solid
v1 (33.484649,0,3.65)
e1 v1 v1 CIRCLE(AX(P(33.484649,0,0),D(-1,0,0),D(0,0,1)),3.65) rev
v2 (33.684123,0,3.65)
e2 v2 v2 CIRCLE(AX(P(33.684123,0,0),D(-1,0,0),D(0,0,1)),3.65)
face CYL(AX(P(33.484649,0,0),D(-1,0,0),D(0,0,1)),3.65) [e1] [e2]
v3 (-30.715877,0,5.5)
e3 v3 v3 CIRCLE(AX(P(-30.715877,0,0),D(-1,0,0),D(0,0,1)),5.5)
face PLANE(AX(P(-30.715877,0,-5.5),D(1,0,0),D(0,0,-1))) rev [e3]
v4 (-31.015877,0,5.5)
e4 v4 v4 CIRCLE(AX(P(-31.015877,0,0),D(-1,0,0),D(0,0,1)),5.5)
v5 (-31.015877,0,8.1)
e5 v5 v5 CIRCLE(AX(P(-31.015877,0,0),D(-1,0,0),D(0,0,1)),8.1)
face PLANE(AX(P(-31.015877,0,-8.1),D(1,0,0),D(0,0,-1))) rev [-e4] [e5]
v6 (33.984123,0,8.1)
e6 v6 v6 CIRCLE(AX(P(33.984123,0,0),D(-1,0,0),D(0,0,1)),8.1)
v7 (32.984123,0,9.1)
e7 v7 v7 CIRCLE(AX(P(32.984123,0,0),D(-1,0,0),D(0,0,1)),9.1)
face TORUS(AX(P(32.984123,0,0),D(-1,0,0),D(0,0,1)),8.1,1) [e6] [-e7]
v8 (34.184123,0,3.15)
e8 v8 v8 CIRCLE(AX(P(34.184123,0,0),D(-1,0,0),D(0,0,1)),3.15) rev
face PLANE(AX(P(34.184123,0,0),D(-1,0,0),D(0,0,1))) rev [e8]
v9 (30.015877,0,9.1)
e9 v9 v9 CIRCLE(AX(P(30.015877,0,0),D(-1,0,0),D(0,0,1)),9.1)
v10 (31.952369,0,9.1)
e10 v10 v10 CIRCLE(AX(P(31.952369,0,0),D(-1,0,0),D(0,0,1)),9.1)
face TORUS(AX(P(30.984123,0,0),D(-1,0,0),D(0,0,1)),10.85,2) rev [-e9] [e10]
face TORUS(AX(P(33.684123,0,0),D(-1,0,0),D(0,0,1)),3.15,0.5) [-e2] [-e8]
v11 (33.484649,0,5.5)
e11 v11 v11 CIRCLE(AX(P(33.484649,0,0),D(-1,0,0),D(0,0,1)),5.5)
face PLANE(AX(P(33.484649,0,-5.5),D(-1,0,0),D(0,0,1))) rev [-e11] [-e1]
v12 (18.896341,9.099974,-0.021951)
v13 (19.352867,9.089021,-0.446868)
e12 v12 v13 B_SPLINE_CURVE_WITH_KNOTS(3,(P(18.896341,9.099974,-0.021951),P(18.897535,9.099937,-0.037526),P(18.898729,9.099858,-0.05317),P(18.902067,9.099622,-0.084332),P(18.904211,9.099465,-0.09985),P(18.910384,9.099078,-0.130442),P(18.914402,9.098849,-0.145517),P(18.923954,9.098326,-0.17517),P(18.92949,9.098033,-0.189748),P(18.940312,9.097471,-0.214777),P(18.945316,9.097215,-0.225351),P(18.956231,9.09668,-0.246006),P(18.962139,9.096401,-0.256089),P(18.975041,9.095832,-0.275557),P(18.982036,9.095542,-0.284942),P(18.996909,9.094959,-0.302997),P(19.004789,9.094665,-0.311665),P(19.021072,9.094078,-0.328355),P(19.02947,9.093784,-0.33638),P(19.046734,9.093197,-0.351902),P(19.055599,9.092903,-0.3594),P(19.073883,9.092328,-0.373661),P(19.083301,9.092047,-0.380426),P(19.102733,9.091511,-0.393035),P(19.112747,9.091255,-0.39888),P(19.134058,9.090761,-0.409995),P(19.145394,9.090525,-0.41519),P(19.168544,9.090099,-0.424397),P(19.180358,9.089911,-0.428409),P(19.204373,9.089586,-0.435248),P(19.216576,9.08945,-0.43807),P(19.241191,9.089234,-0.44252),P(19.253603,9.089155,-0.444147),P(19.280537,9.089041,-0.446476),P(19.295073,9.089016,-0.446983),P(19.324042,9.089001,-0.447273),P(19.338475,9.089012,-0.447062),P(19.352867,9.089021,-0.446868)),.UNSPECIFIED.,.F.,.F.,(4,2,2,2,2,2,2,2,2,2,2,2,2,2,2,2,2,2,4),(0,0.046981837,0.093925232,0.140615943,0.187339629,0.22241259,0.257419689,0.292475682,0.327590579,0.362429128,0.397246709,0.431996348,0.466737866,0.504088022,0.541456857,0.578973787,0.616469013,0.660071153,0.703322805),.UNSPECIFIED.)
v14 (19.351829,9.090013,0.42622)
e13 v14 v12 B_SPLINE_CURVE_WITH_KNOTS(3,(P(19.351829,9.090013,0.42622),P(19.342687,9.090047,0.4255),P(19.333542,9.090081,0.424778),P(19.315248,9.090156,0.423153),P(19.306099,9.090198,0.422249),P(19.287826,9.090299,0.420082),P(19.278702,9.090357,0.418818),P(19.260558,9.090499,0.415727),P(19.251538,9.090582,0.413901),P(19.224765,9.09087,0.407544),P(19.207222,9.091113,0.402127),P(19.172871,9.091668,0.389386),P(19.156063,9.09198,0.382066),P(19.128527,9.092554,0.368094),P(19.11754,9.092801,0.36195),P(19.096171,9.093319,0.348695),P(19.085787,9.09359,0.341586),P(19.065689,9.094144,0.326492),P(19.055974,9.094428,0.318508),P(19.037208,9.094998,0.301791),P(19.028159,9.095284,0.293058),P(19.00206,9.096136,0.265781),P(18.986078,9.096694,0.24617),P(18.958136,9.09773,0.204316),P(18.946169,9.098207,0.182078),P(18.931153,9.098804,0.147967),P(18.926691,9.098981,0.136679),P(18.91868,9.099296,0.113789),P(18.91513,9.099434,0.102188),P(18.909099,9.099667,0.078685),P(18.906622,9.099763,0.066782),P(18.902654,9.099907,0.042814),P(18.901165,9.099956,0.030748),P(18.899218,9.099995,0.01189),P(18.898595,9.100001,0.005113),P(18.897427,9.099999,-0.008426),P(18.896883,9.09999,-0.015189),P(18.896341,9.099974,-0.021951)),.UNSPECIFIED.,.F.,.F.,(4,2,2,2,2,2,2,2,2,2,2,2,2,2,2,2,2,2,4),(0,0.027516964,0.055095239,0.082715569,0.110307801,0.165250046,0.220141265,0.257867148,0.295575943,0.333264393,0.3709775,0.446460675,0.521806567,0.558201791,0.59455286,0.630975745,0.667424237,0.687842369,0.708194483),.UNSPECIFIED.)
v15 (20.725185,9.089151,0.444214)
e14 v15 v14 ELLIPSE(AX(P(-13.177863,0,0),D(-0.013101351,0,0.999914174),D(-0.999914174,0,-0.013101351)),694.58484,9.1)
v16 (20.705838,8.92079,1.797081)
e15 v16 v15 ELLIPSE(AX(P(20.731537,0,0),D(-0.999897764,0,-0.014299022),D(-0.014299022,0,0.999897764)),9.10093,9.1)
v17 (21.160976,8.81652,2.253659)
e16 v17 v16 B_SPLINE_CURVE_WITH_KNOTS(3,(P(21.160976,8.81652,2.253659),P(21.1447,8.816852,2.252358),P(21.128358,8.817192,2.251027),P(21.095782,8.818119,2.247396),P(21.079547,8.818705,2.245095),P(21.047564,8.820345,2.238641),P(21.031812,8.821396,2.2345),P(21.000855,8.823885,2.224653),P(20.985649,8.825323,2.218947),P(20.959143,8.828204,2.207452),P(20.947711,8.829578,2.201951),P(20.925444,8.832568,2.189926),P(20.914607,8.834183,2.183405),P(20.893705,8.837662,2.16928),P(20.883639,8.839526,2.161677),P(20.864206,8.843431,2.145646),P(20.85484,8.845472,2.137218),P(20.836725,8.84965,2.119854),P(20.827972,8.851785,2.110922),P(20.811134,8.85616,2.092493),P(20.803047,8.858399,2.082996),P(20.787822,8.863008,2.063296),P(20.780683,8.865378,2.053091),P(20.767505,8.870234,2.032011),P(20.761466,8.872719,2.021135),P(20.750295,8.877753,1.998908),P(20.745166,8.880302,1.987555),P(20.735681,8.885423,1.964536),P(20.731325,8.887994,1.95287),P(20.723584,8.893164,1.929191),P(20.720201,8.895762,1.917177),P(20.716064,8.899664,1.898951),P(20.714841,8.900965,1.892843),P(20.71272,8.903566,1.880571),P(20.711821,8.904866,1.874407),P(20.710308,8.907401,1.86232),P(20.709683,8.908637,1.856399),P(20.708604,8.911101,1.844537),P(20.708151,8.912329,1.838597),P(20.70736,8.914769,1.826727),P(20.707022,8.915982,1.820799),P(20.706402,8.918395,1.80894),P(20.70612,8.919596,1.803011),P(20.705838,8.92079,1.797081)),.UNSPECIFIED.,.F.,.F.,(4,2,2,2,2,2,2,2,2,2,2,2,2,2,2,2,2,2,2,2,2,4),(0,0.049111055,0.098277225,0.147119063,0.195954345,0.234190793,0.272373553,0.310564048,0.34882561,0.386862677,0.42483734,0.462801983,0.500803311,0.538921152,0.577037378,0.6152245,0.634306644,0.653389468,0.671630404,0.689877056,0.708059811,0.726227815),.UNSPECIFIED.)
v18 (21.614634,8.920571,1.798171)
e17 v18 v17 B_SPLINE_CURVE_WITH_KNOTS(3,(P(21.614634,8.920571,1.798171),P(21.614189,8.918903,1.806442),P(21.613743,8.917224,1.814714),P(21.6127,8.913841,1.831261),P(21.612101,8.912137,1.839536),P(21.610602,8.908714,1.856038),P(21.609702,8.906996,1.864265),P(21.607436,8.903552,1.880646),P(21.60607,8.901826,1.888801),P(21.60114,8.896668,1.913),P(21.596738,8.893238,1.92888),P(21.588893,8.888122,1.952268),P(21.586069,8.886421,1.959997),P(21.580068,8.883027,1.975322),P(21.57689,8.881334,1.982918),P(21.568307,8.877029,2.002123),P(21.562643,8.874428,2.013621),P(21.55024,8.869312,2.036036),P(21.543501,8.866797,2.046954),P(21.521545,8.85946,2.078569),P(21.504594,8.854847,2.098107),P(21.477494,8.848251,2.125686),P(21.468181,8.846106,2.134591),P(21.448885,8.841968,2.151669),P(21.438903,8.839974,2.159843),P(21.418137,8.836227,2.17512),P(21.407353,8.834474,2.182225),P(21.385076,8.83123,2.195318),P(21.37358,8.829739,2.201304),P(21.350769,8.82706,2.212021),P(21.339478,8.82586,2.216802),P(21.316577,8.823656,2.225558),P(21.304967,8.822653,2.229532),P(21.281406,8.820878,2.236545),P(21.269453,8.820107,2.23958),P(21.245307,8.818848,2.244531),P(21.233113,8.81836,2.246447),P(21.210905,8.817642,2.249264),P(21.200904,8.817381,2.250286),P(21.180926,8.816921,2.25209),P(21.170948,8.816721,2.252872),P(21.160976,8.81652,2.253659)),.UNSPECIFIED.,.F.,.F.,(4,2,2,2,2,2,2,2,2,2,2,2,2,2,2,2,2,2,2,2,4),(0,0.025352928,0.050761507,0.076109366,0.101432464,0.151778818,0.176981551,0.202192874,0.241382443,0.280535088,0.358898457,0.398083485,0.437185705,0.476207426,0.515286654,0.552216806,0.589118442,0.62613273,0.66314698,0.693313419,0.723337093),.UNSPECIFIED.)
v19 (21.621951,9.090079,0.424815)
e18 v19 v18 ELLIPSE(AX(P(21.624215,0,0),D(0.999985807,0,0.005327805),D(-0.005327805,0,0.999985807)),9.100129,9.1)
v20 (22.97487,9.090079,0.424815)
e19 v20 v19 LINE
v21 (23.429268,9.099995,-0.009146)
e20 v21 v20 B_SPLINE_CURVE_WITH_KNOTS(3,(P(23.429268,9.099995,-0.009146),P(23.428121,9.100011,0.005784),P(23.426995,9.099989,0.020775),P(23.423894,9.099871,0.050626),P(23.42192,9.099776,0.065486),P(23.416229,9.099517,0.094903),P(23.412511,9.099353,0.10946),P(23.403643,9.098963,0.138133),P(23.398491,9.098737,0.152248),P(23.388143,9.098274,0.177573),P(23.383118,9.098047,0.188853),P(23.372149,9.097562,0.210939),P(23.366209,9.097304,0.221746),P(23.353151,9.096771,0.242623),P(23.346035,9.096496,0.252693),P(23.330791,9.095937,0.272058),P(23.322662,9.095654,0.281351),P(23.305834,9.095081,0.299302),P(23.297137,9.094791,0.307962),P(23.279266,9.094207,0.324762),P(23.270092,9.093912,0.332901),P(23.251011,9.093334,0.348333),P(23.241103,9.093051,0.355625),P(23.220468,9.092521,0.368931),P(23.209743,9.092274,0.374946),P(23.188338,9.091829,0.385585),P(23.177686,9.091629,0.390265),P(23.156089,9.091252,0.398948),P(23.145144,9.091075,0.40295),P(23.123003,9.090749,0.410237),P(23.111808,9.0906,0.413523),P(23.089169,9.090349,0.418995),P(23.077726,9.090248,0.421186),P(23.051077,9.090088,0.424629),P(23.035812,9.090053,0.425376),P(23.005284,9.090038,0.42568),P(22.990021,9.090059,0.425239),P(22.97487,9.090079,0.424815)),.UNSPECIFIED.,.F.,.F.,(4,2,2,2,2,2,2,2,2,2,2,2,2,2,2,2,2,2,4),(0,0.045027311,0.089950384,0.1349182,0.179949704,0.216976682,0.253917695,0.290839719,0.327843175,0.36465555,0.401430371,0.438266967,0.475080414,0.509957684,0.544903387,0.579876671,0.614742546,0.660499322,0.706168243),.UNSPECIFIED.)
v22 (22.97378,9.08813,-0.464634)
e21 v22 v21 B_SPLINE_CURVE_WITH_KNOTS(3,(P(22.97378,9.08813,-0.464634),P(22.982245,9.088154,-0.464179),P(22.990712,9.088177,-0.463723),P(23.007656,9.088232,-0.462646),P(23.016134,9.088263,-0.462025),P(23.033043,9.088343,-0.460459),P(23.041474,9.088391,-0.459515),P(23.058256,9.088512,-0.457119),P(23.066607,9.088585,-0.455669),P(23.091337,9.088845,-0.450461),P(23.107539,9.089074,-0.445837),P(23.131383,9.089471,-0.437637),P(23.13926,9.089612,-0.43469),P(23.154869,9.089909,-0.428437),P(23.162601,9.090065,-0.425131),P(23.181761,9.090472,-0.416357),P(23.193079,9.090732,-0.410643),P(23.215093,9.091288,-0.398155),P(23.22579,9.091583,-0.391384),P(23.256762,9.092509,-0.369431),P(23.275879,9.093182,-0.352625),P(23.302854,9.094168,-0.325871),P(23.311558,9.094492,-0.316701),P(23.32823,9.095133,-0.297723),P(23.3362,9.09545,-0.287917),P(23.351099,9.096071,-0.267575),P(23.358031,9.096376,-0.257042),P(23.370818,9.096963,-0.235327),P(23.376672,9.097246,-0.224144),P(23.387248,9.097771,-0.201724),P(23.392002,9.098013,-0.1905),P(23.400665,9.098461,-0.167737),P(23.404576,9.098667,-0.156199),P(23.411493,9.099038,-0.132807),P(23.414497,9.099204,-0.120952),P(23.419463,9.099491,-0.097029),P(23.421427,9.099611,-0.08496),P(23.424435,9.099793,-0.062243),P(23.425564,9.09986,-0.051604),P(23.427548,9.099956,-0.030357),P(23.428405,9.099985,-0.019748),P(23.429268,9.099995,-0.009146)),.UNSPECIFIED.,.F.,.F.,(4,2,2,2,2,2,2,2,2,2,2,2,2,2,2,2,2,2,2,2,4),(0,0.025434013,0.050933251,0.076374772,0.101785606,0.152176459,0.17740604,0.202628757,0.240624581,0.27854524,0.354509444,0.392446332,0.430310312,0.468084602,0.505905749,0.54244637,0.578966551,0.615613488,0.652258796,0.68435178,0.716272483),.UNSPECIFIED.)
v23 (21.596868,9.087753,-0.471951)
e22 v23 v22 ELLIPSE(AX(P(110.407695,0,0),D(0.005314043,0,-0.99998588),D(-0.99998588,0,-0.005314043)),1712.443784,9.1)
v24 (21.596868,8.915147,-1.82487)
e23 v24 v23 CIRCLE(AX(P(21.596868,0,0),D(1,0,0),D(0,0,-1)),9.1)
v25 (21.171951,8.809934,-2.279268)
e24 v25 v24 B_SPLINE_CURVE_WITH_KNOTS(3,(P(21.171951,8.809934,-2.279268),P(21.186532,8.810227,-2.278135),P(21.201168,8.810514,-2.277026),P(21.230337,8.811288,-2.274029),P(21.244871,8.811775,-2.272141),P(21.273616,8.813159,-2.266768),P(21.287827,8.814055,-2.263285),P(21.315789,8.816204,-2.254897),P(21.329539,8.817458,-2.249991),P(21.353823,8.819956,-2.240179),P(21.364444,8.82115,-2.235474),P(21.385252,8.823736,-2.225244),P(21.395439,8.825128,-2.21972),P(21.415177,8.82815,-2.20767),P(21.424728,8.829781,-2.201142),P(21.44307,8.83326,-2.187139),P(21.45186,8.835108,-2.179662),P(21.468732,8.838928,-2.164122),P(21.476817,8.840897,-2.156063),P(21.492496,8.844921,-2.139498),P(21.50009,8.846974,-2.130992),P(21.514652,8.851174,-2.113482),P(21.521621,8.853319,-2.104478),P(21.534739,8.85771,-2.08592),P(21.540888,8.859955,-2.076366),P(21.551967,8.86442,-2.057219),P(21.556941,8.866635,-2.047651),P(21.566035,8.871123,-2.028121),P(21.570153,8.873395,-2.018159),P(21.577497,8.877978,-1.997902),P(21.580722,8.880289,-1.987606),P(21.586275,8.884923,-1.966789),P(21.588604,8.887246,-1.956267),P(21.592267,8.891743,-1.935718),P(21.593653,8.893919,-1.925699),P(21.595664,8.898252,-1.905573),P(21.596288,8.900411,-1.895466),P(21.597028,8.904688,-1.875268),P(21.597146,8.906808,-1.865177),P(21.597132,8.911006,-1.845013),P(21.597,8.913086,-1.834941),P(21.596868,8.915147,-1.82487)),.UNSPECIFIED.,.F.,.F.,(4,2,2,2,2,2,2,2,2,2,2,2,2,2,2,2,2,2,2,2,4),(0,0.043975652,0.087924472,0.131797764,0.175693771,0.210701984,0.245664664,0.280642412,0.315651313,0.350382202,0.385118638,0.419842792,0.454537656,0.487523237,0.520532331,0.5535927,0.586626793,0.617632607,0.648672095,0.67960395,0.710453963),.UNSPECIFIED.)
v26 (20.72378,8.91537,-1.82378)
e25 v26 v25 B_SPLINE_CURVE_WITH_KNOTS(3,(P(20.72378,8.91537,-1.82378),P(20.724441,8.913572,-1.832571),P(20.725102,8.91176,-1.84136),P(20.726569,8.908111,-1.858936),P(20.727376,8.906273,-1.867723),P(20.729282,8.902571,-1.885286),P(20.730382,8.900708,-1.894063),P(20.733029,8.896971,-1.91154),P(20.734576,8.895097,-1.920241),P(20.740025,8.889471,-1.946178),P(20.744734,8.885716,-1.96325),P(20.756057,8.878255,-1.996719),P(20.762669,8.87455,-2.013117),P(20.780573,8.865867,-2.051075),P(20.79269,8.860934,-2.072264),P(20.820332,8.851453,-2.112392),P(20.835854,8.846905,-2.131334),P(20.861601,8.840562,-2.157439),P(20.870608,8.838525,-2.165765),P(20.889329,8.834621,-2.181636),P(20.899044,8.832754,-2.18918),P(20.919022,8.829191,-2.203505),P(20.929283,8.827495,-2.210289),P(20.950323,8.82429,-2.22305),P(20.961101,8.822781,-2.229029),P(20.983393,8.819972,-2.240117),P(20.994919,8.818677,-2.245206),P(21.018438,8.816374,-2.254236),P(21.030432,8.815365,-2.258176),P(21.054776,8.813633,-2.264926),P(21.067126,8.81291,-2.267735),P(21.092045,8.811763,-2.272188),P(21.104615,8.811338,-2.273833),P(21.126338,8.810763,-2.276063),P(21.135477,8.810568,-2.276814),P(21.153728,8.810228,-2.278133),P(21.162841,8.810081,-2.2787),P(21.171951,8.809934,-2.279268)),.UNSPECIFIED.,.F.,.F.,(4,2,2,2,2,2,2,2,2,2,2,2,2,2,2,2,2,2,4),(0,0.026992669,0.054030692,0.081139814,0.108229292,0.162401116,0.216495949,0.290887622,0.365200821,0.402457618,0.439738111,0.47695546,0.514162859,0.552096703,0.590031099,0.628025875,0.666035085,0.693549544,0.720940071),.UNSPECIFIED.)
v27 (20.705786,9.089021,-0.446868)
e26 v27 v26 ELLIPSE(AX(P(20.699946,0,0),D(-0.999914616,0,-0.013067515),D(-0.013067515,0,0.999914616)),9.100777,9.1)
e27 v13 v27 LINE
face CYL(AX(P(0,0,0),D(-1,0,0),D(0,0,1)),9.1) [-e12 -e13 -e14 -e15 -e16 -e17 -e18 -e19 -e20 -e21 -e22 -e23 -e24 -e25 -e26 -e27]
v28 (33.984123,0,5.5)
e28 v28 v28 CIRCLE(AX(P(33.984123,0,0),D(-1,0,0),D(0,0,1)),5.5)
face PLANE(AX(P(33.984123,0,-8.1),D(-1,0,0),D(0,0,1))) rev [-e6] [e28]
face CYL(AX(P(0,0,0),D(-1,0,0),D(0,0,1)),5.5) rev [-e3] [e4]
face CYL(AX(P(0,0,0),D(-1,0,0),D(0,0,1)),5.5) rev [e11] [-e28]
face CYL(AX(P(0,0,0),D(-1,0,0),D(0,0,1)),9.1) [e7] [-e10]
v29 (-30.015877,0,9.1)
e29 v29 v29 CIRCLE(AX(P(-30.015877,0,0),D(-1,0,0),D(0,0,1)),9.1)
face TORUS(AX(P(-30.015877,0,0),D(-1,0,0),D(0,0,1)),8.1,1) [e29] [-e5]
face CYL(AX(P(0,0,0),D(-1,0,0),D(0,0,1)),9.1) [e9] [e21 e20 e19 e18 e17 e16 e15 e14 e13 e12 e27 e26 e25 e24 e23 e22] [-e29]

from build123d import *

# Parameters (mm, degrees)
SKETCH2_W = 0.699473795
SKETCH2_H = 3.65
FILLET1_R = 0.5


with BuildPart() as part:
    # Sketch1 → mainBody (revolve)
    with BuildSketch(Plane(origin=(0, 0, 0), x_dir=(1, 0, 0), z_dir=(0, 1, 0))):
        with BuildLine():
            Line((-30.015877082, 9.1), (30.015877082, 9.1))
            ThreePointArc((30.015877082, 9.1), (30.984122918, 8.85), (31.952368755, 9.1))
            Line((31.952368755, 9.1), (32.984122918, 9.1))
            ThreePointArc((32.984122918, 9.1), (33.691229699, 8.807106781), (33.984122918, 8.1))
            Line((33.984122918, 8.1), (33.984122918, 5.5))
            Line((33.984122918, 5.5), (33.484649123, 5.5))
            Line((33.484649123, 5.5), (33.484649123, 0))
            Line((33.484649123, 0), (-30.715877082, 0))
            Line((-30.715877082, 0), (-30.715877082, 5.5))
            Line((-30.715877082, 5.5), (-31.015877082, 5.5))
            Line((-31.015877082, 5.5), (-31.015877082, 8.1))
            ThreePointArc((-31.015877082, 8.1), (-30.722983863, 8.807106781), (-30.015877082, 9.1))
        make_face()
    revolve(axis=Axis((0, 0, 0), (1, 0, 0)))

    # Sketch2 → Revolve2 (revolve)
    with BuildSketch(Plane(origin=(0, 0, 0), x_dir=(1, 0, 0), z_dir=(0, 1, 0))):
        with Locations((33.834386021, 1.825)):
            Rectangle(SKETCH2_W, SKETCH2_H)
    revolve(axis=Axis((33.484649123, 0, 0), (1, 0, 0)))

    # Fillet1
    fillet1_edges = [part.edges().sort_by_distance(p)[0] for p in [
        (34.184122918, 0, 3.65),
    ]]
    fillet(fillet1_edges, radius=FILLET1_R)


solid = part.part
